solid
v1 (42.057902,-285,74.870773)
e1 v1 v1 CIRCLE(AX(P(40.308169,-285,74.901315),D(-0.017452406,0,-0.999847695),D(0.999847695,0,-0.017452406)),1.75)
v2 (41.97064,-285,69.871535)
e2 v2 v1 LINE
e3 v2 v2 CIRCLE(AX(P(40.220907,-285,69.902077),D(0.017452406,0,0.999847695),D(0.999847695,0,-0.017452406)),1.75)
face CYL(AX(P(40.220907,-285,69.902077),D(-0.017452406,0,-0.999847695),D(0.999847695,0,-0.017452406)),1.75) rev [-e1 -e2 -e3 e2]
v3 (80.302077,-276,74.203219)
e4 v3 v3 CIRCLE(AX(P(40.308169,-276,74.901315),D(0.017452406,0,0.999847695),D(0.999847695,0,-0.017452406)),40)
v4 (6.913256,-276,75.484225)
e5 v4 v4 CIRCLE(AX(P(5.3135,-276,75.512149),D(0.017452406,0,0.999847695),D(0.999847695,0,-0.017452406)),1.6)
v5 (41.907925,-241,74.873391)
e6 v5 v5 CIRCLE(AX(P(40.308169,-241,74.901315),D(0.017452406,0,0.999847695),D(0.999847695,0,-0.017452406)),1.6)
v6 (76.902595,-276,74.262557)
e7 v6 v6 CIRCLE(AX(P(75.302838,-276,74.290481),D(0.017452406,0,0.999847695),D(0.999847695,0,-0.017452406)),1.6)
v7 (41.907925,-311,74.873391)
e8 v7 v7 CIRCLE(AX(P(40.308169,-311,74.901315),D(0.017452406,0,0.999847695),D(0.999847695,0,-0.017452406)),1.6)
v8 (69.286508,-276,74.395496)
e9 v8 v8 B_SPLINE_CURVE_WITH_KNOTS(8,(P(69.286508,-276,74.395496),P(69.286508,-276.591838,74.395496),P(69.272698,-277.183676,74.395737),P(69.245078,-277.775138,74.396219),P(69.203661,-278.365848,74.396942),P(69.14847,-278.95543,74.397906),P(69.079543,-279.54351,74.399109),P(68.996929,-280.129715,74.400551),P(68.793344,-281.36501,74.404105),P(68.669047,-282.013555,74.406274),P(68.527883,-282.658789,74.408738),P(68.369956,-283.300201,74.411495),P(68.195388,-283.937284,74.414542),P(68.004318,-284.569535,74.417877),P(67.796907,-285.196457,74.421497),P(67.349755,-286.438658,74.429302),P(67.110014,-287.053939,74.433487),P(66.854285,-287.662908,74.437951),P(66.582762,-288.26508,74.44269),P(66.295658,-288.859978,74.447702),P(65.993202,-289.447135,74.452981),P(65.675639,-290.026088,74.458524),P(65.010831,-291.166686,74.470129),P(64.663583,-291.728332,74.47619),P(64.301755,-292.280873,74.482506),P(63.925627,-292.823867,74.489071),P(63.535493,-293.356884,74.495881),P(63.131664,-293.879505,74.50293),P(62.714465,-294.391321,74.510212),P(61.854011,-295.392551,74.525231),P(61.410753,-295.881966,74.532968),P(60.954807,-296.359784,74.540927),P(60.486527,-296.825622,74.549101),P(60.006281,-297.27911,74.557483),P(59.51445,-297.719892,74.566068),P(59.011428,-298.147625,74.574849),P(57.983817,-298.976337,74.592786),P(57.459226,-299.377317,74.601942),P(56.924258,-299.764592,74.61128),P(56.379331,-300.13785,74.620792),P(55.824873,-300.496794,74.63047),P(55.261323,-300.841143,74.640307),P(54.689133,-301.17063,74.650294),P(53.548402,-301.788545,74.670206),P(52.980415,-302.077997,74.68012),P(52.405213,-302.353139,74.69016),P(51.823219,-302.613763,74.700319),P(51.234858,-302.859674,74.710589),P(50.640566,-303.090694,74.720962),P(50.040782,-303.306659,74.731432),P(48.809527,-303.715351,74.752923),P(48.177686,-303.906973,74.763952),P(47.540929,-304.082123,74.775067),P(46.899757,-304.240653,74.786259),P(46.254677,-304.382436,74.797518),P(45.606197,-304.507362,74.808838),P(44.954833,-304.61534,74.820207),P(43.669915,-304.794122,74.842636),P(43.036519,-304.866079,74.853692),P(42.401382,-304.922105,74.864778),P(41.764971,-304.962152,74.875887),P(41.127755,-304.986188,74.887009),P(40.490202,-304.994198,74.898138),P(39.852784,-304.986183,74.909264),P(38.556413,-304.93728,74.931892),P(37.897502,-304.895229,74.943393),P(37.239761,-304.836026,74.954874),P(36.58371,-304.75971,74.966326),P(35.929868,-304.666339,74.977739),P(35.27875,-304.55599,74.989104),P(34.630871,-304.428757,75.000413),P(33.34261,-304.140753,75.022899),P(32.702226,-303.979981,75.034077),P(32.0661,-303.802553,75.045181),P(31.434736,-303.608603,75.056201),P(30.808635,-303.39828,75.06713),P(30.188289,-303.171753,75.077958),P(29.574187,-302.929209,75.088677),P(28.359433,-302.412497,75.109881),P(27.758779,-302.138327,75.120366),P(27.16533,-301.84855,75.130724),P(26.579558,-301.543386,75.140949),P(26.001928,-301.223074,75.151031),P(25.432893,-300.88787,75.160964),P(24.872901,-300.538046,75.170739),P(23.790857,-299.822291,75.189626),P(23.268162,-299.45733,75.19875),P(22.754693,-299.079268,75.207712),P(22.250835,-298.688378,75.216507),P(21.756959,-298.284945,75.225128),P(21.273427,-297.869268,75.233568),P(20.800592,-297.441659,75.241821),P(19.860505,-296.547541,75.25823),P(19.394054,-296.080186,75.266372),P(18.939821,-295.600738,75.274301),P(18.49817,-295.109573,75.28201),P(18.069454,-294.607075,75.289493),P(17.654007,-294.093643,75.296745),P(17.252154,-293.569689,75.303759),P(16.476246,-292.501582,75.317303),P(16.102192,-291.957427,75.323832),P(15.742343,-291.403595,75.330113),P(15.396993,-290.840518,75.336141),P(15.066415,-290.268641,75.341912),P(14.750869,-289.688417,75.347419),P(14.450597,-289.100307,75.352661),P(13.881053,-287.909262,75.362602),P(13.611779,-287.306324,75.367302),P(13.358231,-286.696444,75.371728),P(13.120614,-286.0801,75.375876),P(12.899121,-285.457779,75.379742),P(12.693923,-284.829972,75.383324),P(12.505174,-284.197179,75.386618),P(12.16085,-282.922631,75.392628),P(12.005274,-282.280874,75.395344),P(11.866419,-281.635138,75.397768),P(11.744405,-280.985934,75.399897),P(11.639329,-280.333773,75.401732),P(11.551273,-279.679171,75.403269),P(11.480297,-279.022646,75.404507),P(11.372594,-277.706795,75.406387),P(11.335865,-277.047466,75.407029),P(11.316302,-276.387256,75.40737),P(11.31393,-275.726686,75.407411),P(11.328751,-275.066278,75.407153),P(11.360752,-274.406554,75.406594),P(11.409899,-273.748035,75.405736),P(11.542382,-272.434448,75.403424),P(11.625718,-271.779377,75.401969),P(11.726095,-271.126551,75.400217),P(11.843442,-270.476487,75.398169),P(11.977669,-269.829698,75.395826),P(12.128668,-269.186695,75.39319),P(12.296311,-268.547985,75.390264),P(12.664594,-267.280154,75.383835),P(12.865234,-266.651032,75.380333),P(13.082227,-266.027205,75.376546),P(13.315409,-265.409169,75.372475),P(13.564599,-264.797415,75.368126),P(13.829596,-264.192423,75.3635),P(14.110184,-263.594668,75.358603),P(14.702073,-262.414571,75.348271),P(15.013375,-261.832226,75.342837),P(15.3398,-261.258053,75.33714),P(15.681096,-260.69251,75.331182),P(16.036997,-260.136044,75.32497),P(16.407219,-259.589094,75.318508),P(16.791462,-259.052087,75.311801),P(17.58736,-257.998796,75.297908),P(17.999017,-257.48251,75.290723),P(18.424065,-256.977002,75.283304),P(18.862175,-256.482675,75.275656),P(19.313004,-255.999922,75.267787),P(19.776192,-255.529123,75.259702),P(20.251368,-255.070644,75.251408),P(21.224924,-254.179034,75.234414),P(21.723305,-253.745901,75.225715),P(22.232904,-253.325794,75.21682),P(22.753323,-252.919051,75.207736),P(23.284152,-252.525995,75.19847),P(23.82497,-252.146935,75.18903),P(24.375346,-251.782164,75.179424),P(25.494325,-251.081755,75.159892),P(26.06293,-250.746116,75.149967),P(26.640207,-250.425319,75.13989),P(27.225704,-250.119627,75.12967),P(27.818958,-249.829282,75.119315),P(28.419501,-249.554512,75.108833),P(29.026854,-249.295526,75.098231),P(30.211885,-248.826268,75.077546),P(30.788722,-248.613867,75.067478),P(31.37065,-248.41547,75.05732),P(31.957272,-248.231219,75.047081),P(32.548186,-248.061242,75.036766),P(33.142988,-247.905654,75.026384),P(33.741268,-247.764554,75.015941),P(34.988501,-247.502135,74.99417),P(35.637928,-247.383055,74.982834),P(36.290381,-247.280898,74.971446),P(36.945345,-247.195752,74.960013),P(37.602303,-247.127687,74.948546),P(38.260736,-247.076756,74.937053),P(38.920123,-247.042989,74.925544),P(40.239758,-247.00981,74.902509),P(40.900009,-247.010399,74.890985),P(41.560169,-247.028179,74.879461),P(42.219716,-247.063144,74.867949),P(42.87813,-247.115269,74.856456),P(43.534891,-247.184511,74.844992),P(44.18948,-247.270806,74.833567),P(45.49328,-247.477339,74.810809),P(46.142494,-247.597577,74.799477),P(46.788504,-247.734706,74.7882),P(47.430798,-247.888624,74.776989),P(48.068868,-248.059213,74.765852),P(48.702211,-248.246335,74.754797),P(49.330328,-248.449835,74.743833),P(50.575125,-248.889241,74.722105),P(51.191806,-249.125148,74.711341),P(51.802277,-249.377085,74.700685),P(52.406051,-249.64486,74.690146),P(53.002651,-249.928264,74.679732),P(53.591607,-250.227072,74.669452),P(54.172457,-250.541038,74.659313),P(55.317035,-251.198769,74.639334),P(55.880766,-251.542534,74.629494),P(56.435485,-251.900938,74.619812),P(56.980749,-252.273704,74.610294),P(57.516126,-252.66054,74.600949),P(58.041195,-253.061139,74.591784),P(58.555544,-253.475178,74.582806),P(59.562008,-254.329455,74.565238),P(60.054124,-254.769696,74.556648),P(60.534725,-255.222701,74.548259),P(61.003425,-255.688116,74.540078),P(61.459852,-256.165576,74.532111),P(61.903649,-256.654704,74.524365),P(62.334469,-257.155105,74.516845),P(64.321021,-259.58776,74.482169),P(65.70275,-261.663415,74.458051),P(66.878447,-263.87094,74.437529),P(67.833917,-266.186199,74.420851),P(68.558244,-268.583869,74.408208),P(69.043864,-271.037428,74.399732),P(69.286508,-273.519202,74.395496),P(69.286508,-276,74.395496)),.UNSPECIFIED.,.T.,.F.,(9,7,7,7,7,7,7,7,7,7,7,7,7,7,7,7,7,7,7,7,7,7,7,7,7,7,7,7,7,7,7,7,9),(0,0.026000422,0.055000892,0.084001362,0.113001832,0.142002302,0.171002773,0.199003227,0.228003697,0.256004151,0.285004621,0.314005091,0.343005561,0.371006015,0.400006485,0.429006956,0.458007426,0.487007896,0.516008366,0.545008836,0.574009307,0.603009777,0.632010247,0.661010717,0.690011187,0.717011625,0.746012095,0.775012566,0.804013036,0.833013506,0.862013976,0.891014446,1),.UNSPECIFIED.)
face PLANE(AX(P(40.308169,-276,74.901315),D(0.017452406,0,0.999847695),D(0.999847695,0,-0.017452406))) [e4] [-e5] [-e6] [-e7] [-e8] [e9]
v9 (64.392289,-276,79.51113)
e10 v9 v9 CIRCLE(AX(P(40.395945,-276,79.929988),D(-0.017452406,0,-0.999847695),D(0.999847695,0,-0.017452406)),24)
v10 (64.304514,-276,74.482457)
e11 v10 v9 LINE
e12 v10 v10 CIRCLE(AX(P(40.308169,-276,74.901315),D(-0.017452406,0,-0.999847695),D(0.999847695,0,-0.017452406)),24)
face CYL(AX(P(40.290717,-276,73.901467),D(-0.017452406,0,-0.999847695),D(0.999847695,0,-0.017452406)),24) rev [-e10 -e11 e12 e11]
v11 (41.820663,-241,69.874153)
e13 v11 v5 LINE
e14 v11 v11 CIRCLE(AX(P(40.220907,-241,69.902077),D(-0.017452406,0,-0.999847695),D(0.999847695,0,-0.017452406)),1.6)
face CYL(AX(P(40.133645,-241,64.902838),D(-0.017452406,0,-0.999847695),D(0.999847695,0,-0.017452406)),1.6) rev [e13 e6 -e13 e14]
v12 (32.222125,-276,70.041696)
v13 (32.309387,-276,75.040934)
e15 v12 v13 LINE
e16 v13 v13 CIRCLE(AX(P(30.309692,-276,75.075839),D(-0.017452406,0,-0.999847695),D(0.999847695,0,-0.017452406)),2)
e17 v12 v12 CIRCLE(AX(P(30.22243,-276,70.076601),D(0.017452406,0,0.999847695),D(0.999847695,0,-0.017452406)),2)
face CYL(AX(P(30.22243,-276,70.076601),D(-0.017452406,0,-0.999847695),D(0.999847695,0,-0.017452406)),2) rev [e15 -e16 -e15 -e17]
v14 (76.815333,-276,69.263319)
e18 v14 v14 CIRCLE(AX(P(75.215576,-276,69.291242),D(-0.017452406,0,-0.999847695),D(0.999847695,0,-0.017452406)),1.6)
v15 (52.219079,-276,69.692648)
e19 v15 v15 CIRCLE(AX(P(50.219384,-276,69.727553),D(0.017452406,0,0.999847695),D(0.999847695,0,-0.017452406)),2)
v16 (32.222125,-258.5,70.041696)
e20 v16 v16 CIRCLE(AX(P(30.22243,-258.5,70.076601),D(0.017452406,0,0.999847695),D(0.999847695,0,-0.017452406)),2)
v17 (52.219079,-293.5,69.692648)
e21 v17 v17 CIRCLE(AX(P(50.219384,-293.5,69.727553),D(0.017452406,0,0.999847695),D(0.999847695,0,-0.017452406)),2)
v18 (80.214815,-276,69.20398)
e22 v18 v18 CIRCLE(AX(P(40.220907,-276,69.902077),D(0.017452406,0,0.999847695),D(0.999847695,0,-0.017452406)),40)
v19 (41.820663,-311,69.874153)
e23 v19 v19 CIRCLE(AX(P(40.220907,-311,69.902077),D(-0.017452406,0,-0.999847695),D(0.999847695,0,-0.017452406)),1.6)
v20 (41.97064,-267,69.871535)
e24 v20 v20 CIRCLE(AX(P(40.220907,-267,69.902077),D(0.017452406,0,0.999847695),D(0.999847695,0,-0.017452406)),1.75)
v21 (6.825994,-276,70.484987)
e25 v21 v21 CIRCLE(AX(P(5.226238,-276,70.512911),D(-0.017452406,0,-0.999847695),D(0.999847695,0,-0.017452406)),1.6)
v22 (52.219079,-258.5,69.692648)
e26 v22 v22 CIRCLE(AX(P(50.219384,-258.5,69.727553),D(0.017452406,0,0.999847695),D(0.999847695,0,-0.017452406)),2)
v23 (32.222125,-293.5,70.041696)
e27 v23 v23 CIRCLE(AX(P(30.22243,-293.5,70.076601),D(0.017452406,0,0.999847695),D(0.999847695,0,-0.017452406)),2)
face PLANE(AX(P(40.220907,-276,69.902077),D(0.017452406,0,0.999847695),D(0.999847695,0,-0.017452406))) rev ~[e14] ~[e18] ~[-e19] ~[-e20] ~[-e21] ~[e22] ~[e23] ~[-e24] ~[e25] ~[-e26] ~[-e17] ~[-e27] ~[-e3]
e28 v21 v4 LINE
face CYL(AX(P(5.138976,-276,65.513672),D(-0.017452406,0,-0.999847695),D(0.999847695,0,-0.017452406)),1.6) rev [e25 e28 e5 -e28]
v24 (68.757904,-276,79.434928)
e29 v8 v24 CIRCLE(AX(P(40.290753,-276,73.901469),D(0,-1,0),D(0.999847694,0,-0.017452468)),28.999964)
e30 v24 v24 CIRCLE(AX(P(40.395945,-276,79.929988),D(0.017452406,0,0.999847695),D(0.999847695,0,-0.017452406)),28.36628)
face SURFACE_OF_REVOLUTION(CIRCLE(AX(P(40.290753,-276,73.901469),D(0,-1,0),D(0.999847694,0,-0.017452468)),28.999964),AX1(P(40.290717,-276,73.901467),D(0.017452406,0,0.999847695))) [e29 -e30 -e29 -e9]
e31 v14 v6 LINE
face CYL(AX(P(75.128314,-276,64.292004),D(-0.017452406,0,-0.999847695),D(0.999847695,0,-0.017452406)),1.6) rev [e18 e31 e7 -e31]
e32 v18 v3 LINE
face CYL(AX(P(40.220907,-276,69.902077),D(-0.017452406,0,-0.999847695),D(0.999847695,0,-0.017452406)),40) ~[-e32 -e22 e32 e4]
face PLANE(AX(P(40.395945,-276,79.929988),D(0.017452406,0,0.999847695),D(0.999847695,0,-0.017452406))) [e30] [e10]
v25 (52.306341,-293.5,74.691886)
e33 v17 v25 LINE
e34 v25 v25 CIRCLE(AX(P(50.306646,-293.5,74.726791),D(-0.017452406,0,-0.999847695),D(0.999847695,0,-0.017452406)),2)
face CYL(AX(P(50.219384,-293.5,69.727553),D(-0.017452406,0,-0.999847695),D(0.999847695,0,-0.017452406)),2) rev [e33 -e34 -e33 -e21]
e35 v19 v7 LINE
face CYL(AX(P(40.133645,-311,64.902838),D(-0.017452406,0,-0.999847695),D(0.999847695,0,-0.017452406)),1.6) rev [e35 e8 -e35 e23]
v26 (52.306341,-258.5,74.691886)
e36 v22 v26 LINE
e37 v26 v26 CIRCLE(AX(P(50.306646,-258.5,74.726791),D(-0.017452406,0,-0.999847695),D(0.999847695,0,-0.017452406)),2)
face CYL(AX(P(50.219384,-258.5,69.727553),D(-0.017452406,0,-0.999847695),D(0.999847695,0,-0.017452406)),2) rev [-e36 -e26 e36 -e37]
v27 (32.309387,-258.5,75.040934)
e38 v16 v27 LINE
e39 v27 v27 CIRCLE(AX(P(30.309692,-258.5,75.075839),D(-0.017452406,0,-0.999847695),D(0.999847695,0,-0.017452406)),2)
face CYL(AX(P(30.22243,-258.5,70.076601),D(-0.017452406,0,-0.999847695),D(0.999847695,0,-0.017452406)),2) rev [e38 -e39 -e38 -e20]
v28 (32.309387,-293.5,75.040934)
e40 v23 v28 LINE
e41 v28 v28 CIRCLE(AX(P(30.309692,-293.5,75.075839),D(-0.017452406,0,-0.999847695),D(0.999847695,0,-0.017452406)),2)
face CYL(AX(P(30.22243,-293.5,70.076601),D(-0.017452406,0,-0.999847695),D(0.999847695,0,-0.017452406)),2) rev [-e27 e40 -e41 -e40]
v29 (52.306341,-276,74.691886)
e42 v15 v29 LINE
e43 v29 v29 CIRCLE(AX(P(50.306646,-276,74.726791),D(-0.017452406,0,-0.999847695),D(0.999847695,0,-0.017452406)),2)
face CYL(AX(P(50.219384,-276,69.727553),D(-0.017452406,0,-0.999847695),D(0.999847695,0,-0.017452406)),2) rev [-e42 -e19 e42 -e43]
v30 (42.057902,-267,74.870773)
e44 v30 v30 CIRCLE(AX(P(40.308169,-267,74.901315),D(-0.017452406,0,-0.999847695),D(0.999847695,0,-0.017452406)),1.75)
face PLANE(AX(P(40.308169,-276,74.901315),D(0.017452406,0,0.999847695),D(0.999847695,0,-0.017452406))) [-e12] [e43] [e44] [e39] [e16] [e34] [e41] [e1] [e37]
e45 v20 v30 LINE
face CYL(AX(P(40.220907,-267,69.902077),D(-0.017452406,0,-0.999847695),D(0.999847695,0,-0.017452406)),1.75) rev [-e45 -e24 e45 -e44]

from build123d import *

# Parameters (mm, degrees)
CYLINDER061_R          = 1.6
CYLINDER061_DEPTH      = 10
CYLINDER062_R          = 1.6
CYLINDER062_DEPTH      = 10
CYLINDER063_R          = 1.6
CYLINDER063_DEPTH      = 10
CYLINDER060_R          = 1.6
CYLINDER060_DEPTH      = 10
CYLINDER057_R          = 2
CYLINDER057_DEPTH      = 10
CYLINDER056_R          = 2
CYLINDER056_DEPTH      = 10
CYLINDER059_R          = 1.75
CYLINDER059_DEPTH      = 10
CYLINDER058_R          = 1.75
CYLINDER058_DEPTH      = 10
CYLINDER050_R          = 2
CYLINDER050_DEPTH      = 10
CYLINDER051_R          = 2
CYLINDER051_DEPTH      = 10
CYLINDER052_R          = 2
CYLINDER052_DEPTH      = 10
CYLINDER053_R          = 2
CYLINDER053_DEPTH      = 10
CYLINDER055_R          = 24
CYLINDER055_DEPTH      = 7
CYLINDER054_R          = 40
CYLINDER054_DEPTH      = 5
CUT011_PLACEMENT_ANGLE = 1


with BuildPart() as m2heatsetinsets009:
    # Cylinder061 → Cylinder061 (new body)
    with BuildSketch(Plane(origin=(40, 0, 65), x_dir=(1, 0, 0), z_dir=(0, 0, 1))):
        Circle(CYLINDER061_R)
    extrude(amount=CYLINDER061_DEPTH)


with BuildPart() as m2heatsetinsets010:
    # Cylinder062 → Cylinder062 (new body)
    with BuildSketch(Plane(origin=(5, 35, 65), x_dir=(1, 0, 0), z_dir=(0, 0, 1))):
        Circle(CYLINDER062_R)
    extrude(amount=CYLINDER062_DEPTH)


with BuildPart() as m2heatsetinsets011:
    # Cylinder063 → Cylinder063 (new body)
    with BuildSketch(Plane(origin=(5, -35, 65), x_dir=(1, 0, 0), z_dir=(0, 0, 1))):
        Circle(CYLINDER063_R)
    extrude(amount=CYLINDER063_DEPTH)


with BuildPart() as fusion029:
    # Cylinder060 → Cylinder060 (new body)
    with BuildSketch(Plane(origin=(-30, 0, 65), x_dir=(1, 0, 0), z_dir=(0, 0, 1))):
        Circle(CYLINDER060_R)
    extrude(amount=CYLINDER060_DEPTH)

    # Fusion029: union m2HeatSetInsets009, m2HeatSetInsets010, m2HeatSetInsets011
    add(m2heatsetinsets009.part)
    add(m2heatsetinsets010.part)
    add(m2heatsetinsets011.part)


with BuildPart() as wirecut005:
    # Cylinder057 → Cylinder057 (new body)
    with BuildSketch(Plane(origin=(15, 0, 70), x_dir=(1, 0, 0), z_dir=(0, 0, 1))):
        Circle(CYLINDER057_R)
    extrude(amount=CYLINDER057_DEPTH)


with BuildPart() as wirecuts002:
    # Cylinder056 → Cylinder056 (new body)
    with BuildSketch(Plane(origin=(-5, 0, 70), x_dir=(1, 0, 0), z_dir=(0, 0, 1))):
        Circle(CYLINDER056_R)
    extrude(amount=CYLINDER056_DEPTH)

    # Fusion025: union wireCUt005
    add(wirecut005.part)


with BuildPart() as m3cuts005:
    # Cylinder059 → Cylinder059 (new body)
    with BuildSketch(Plane(origin=(5, 9, 70), x_dir=(1, 0, 0), z_dir=(0, 0, 1))):
        Circle(CYLINDER059_R)
    extrude(amount=CYLINDER059_DEPTH)


with BuildPart() as m3cute002:
    # Cylinder058 → Cylinder058 (new body)
    with BuildSketch(Plane(origin=(5, -9, 70), x_dir=(1, 0, 0), z_dir=(0, 0, 1))):
        Circle(CYLINDER058_R)
    extrude(amount=CYLINDER058_DEPTH)

    # Fusion026: union m3Cuts005
    add(m3cuts005.part)


with BuildPart() as cylinder050:
    # Cylinder050 → Cylinder050 (new body)
    with BuildSketch(Plane(origin=(0, -21, 0), x_dir=(1, 0, 0), z_dir=(0, 0, 1))):
        Circle(CYLINDER050_R)
    extrude(amount=CYLINDER050_DEPTH)


with BuildPart() as m3heatsetcuts006:
    # Cylinder051 → Cylinder051 (new body)
    with BuildSketch(Plane(origin=(20, -21, 0), x_dir=(1, 0, 0), z_dir=(0, 0, 1))):
        Circle(CYLINDER051_R)
    extrude(amount=CYLINDER051_DEPTH)

    # Fusion022: union Cylinder050
    add(cylinder050.part)


with BuildPart() as m3heatsetcuts006_1:
    # Fusion022 placement: moved
    add(m3heatsetcuts006.part.moved(Location((-5, 38.5, 70))))


with BuildPart() as cylinder052:
    # Cylinder052 → Cylinder052 (new body)
    with BuildSketch(Plane(origin=(0, -21, 0), x_dir=(1, 0, 0), z_dir=(0, 0, 1))):
        Circle(CYLINDER052_R)
    extrude(amount=CYLINDER052_DEPTH)


with BuildPart() as basecuts002:
    # Cylinder053 → Cylinder053 (new body)
    with BuildSketch(Plane(origin=(20, -21, 0), x_dir=(1, 0, 0), z_dir=(0, 0, 1))):
        Circle(CYLINDER053_R)
    extrude(amount=CYLINDER053_DEPTH)

    # Fusion023: union Cylinder052
    add(cylinder052.part)


with BuildPart() as basecuts002_1:
    # Fusion023 placement: moved
    add(basecuts002.part.moved(Location((-5, 3.5, 70))))

    # Fusion024: union m3HeatSetCuts006
    add(m3heatsetcuts006_1.part)

    # Fusion027: union wireCuts002, m3Cute002
    add(wirecuts002.part)
    add(m3cute002.part)


with BuildPart() as basecut002:
    # Cylinder055 → Cylinder055 (new body)
    with BuildSketch(Plane(origin=(5, 0, 74), x_dir=(1, 0, 0), z_dir=(0, 0, 1))):
        Circle(CYLINDER055_R)
    extrude(amount=CYLINDER055_DEPTH)


with BuildPart() as cut009:
    # Sphere003 → Sphere003 (revolve)
    with BuildSketch(Plane(origin=(5, 0, 74), x_dir=(1, 0, 0), z_dir=(0, -1, 0))):
        with BuildLine():
            ThreePointArc((29, 0), (28.841135, 3.031325), (28.36628, 6.029439))
            Line((28.36628, 6.029439), (0, 6.029439))
            Line((0, 6.029439), (0, 0))
            Line((0, 0), (29, 0))
        make_face()
    revolve(axis=Axis((5, 0, 74), (0, 0, 1)))

    # Cut009: cut baseCut002
    add(basecut002.part, mode=Mode.SUBTRACT)


with BuildPart() as lightmodule002:
    # Cylinder054 → Cylinder054 (new body)
    with BuildSketch(Plane(origin=(5, 0, 70), x_dir=(1, 0, 0), z_dir=(0, 0, 1))):
        Circle(CYLINDER054_R)
    extrude(amount=CYLINDER054_DEPTH)

    # Fusion028: union Cut009
    add(cut009.part)

    # Cut010: cut baseCUts002
    add(basecuts002_1.part, mode=Mode.SUBTRACT)

    # Cut011: cut Fusion029
    add(fusion029.part, mode=Mode.SUBTRACT)


with BuildPart() as lightmodule002_1:
    # Cut011 placement: moved
    add(lightmodule002.part.moved(Location((34, -276, 0))).rotate(Axis((34, -276, 0), (0, 1, 0)), CUT011_PLACEMENT_ANGLE))


solid = lightmodule002_1.part
